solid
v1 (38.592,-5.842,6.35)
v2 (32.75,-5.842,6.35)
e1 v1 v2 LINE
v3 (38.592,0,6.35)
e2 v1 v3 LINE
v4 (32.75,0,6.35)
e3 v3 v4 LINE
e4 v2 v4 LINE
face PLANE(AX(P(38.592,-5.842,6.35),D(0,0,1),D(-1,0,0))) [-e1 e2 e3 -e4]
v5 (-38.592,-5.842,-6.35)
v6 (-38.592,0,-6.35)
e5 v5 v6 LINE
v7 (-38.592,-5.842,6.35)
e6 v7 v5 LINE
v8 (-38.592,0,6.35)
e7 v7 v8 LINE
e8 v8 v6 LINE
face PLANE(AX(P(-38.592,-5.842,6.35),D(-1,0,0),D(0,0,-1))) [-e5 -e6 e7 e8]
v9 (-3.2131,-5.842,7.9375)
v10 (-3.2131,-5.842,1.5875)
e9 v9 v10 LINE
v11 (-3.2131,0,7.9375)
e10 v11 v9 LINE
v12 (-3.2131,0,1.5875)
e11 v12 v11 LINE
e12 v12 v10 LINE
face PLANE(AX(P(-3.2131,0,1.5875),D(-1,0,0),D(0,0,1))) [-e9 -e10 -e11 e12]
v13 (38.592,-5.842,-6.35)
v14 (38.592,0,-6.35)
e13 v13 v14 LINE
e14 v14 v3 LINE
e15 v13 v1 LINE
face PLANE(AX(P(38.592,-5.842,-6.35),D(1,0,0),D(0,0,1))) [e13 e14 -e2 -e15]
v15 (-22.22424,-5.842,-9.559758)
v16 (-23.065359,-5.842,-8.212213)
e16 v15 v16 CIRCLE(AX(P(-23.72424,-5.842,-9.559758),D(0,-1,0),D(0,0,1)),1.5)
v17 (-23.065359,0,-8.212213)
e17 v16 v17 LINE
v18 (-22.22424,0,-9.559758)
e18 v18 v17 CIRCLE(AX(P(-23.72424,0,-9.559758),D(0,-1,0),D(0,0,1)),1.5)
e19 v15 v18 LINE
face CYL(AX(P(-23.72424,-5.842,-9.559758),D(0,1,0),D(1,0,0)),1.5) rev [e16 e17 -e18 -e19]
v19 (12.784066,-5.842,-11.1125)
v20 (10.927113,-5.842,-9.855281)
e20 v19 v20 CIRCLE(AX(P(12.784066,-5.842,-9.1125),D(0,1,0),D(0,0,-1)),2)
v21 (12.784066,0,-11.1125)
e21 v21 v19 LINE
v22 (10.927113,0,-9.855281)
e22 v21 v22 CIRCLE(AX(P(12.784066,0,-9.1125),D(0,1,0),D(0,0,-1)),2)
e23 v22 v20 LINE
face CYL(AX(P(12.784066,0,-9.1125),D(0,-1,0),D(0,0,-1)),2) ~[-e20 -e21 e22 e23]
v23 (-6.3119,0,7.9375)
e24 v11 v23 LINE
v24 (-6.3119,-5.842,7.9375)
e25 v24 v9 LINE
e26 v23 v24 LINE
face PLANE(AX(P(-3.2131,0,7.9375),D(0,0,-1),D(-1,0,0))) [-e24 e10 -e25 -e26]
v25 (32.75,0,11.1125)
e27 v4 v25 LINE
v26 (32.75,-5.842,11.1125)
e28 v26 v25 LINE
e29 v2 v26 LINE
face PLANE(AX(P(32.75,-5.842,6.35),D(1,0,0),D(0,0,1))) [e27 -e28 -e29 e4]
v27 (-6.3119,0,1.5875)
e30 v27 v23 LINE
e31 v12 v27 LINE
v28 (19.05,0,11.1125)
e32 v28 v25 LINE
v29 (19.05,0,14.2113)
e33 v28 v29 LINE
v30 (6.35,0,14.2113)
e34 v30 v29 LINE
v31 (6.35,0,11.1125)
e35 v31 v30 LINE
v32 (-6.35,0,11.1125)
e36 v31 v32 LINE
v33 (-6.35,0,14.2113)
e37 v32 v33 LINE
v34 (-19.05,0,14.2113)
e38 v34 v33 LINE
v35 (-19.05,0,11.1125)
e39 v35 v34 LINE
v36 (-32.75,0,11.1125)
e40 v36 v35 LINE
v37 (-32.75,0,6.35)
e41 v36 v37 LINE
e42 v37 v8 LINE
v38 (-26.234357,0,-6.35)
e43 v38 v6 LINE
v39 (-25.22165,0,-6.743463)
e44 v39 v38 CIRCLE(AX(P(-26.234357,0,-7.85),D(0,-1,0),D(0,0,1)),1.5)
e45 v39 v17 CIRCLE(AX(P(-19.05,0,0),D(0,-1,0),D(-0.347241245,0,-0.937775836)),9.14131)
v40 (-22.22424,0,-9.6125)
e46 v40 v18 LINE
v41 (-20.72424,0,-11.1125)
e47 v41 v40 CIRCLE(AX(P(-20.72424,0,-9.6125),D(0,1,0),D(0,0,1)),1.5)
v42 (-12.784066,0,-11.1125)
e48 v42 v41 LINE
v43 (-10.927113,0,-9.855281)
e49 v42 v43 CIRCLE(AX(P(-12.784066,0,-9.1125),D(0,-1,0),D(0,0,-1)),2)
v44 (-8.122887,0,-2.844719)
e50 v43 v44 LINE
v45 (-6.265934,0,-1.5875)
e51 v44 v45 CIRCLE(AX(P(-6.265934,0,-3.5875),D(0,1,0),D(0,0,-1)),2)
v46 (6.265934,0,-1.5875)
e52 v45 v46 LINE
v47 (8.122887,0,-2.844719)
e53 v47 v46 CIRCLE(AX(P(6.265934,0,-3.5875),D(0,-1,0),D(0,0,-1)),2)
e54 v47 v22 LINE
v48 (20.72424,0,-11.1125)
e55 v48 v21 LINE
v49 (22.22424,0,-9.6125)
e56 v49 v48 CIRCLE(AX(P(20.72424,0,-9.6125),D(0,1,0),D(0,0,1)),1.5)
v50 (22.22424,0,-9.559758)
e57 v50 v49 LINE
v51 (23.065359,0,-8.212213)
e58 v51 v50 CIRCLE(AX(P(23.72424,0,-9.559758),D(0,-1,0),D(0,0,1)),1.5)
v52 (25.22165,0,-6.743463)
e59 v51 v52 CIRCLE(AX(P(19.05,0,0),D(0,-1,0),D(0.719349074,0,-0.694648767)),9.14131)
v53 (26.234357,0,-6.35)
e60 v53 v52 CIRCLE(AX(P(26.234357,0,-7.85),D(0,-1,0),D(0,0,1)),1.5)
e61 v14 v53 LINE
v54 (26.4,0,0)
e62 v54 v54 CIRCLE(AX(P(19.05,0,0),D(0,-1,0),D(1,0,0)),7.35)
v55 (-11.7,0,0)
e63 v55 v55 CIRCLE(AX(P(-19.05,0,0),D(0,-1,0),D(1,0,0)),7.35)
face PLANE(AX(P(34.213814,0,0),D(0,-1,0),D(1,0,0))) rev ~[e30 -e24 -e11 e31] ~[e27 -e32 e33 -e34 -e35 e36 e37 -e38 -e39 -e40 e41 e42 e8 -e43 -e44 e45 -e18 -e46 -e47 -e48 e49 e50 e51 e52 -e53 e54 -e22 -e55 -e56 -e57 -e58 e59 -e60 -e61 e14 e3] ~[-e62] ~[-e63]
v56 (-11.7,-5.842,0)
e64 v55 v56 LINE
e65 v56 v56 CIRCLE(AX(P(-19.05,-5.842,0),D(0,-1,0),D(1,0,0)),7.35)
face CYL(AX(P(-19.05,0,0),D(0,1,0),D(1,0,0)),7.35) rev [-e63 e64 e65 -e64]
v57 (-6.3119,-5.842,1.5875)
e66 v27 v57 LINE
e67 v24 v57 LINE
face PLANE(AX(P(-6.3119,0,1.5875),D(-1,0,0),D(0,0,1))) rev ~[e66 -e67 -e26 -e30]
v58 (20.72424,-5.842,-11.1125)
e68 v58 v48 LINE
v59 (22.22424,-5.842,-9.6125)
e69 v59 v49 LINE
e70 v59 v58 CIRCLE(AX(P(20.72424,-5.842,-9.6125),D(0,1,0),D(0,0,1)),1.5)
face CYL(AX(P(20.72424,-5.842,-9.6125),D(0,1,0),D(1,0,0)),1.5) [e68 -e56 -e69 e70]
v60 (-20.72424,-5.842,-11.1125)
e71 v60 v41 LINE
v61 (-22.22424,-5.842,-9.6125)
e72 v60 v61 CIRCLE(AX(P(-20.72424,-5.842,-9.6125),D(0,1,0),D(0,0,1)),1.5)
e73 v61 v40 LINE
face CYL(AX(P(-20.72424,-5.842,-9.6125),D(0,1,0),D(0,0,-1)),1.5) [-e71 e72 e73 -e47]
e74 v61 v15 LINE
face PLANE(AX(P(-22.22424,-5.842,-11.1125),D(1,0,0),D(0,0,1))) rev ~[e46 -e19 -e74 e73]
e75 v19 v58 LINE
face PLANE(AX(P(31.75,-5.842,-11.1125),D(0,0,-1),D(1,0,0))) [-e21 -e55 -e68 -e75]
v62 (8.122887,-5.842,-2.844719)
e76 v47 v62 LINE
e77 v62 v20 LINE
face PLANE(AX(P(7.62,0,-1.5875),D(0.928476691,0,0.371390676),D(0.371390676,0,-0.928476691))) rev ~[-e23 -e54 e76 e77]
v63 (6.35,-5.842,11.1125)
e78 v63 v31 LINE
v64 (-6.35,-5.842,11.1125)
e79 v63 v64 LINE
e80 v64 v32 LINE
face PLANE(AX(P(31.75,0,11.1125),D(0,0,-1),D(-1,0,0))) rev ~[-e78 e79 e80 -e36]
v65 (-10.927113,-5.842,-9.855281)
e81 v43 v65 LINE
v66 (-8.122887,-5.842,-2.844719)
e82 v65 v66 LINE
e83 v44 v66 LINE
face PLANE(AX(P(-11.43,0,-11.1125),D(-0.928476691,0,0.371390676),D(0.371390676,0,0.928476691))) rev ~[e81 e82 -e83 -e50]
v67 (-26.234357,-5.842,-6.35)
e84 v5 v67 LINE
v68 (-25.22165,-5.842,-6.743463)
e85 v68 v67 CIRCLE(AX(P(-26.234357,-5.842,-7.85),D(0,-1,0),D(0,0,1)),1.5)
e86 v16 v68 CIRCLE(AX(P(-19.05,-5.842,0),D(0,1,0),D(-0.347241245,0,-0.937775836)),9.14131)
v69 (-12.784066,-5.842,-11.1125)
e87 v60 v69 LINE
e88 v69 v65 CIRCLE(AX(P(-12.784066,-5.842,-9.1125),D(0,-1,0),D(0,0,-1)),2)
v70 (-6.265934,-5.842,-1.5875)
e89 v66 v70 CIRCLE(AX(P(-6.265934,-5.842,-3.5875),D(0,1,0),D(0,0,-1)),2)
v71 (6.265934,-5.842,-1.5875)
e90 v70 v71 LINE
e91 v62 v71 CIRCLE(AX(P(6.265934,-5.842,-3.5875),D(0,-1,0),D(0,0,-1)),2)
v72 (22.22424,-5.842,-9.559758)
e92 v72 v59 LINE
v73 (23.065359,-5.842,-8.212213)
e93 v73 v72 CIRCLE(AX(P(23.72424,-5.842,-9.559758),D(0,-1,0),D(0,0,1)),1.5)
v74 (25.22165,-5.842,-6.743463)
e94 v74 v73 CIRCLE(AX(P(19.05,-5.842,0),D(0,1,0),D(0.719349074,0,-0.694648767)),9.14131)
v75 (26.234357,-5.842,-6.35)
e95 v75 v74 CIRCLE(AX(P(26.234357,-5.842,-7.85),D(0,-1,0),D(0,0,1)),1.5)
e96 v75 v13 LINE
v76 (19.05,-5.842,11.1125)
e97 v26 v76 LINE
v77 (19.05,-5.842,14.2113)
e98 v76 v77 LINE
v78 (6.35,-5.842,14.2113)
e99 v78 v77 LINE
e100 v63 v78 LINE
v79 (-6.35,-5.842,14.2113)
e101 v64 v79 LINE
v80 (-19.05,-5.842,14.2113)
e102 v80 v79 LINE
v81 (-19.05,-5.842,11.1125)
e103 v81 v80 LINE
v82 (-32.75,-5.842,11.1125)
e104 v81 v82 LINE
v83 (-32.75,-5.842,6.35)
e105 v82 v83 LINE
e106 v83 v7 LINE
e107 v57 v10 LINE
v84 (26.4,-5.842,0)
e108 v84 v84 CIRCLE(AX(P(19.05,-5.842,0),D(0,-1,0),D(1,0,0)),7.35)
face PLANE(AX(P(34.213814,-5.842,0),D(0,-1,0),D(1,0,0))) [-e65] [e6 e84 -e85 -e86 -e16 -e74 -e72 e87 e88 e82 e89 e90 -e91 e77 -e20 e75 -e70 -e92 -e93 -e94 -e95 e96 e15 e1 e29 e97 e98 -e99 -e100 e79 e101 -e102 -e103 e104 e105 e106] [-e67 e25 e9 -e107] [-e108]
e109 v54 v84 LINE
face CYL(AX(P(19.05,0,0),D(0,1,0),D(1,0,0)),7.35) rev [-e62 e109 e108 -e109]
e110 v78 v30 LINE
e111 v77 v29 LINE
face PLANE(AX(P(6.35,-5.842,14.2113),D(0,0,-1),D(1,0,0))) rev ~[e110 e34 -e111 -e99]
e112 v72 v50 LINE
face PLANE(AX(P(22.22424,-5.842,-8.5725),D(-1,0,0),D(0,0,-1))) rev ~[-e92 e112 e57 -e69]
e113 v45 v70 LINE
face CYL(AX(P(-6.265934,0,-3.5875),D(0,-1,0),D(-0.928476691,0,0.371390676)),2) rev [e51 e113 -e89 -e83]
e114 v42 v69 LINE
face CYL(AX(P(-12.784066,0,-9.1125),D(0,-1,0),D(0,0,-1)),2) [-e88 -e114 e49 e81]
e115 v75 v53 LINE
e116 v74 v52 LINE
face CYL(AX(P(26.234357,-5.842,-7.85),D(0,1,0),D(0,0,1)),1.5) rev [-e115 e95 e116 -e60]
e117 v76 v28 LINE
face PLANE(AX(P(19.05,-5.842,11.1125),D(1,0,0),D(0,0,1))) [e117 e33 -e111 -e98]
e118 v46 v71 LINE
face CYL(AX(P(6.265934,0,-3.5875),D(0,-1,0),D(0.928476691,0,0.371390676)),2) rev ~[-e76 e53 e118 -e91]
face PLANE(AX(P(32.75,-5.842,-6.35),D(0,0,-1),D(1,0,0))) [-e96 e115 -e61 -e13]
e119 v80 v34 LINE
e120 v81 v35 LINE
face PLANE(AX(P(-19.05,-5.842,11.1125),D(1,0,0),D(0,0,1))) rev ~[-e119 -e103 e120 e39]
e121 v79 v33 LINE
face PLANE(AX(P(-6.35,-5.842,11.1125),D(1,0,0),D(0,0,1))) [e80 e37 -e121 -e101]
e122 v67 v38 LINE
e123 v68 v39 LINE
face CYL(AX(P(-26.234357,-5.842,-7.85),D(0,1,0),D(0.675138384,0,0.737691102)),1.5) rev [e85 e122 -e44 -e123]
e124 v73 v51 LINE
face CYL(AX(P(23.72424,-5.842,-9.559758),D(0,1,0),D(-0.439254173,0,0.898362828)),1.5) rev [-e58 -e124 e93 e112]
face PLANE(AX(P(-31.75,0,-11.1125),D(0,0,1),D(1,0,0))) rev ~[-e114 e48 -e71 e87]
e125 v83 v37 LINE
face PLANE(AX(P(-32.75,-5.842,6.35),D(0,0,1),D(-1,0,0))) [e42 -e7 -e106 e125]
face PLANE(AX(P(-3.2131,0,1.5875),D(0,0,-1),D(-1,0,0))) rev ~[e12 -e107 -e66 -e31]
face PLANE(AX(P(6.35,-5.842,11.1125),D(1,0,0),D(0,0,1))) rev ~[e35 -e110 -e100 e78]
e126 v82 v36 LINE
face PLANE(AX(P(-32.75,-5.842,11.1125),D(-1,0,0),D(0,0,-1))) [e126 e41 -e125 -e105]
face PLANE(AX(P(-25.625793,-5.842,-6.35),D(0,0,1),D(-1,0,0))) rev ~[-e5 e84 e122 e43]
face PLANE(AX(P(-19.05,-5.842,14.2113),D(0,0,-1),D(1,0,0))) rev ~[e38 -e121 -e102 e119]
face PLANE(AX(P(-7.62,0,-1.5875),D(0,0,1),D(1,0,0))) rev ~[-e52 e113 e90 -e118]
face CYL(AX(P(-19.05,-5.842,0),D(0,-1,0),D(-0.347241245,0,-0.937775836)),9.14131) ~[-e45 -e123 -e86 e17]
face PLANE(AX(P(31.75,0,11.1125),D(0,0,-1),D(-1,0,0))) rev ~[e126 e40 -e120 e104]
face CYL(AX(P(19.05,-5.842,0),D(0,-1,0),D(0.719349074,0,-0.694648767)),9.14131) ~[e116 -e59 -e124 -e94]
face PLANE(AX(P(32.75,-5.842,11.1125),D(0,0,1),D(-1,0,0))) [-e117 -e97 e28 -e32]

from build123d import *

# Parameters (mm, degrees)
F0_R      = 7.35
F1_DEPTH  = 5.842
F2_R      = 2
F3_W      = 3.0988
F3_H      = 6.35
F4_DEPTH  = 25.4
F5_W      = 12.7
F5_H      = 3.0988
F6_DEPTH  = 5.842
F8_DEPTH  = 5.842
F10_DEPTH = 25.4
F11_R     = 1.5


with BuildPart() as f1:
    # F0 (on Front) → F1 (new body)
    with BuildSketch(Plane.XZ):
        Polygon((31.75, 11.1125), (-31.75, 11.1125), (-31.75, -11.1125), (-11.43, -11.1125), (-7.62, -1.5875), (0, -1.5875), (7.62, -1.5875), (11.43, -11.1125), (31.75, -11.1125), align=None)
        with Locations((-19.05, 0)):
            Circle(F0_R, mode=Mode.SUBTRACT)
        with Locations((19.05, 0)):
            Circle(F0_R, mode=Mode.SUBTRACT)
    extrude(amount=F1_DEPTH)

    # F2
    f2_edges = [f1.edges().sort_by_distance(p)[0] for p in [
        (-11.43, -2.921, -11.1125),
        (-7.62, -2.921, -1.5875),
        (7.62, -2.921, -1.5875),
        (11.43, -2.921, -11.1125),
    ]]
    fillet(f2_edges, radius=F2_R)

    # F3 (on face) → F4 (cut)
    with BuildSketch(Plane(origin=(0, 0, 0), x_dir=(-1, 0, 0), z_dir=(0, 1, 0))):
        with Locations((4.7625, 4.7625)):
            Rectangle(F3_W, F3_H)
    extrude(amount=-F4_DEPTH, mode=Mode.SUBTRACT)

    # F5 (on face) → F6 (join, through all)
    with BuildSketch(Plane.XZ.offset(5.842)):
        with Locations((-12.7, 12.6619)):
            Rectangle(F5_W, F5_H)
        with Locations((12.7, 12.6619)):
            Rectangle(F5_W, F5_H)
    extrude(amount=-F6_DEPTH)

    # F7 (on face) → F8 (join, through all)
    with BuildSketch(Plane.XZ.offset(5.842)):
        Polygon((38.592, 6.35), (32.75, 6.35), (32.75, 11.1125), (31.75, 11.1125), (31.75, 6.35), (31.75, -6.35), (31.75, -11.1125), (32.75, -11.1125), (32.75, -6.35), (38.592, -6.35), align=None)
        Polygon((-31.75, 6.35), (-31.75, 11.1125), (-32.75, 11.1125), (-32.75, 6.35), (-38.592, 6.35), (-38.592, -6.35), (-32.75, -6.35), (-32.75, -11.1125), (-31.75, -11.1125), (-31.75, -6.35), align=None)
    extrude(amount=-F8_DEPTH)

    # F9 (on face) → F10 (cut)
    with BuildSketch(Plane.XZ.offset(5.842)):
        with BuildLine():
            Line((-22.22424, -11.1125), (-22.22424, -8.5725))
            ThreePointArc((-22.22424, -8.5725), (-24.0500663267, -7.652639581), (-25.625793171, -6.35))
            Line((-25.625793171, -6.35), (-32.75, -6.35))
            Line((-32.75, -6.35), (-32.75, -8.5725))
            Line((-32.75, -8.5725), (-32.75, -11.1125))
            Line((-32.75, -11.1125), (-22.22424, -11.1125))
        make_face()
        with BuildLine():
            Line((32.75, -8.5725), (32.75, -6.35))
            Line((32.75, -6.35), (25.625793171, -6.35))
            ThreePointArc((25.625793171, -6.35), (24.0500663267, -7.652639581), (22.22424, -8.5725))
            Line((22.22424, -8.5725), (22.22424, -11.1125))
            Line((22.22424, -11.1125), (32.75, -11.1125))
            Line((32.75, -11.1125), (32.75, -8.5725))
        make_face()
    extrude(amount=-F10_DEPTH, mode=Mode.SUBTRACT)

    # F11
    f11_edges = [f1.edges().sort_by_distance(p)[0] for p in [
        (25.625793, -2.921, -6.35),
        (22.22424, -2.921, -11.1125),
        (22.22424, -2.921, -8.5725),
        (-25.625793, -2.921, -6.35),
        (-22.22424, -2.921, -8.5725),
        (-22.22424, -2.921, -11.1125),
    ]]
    fillet(f11_edges, radius=F11_R)


solid = f1.part
